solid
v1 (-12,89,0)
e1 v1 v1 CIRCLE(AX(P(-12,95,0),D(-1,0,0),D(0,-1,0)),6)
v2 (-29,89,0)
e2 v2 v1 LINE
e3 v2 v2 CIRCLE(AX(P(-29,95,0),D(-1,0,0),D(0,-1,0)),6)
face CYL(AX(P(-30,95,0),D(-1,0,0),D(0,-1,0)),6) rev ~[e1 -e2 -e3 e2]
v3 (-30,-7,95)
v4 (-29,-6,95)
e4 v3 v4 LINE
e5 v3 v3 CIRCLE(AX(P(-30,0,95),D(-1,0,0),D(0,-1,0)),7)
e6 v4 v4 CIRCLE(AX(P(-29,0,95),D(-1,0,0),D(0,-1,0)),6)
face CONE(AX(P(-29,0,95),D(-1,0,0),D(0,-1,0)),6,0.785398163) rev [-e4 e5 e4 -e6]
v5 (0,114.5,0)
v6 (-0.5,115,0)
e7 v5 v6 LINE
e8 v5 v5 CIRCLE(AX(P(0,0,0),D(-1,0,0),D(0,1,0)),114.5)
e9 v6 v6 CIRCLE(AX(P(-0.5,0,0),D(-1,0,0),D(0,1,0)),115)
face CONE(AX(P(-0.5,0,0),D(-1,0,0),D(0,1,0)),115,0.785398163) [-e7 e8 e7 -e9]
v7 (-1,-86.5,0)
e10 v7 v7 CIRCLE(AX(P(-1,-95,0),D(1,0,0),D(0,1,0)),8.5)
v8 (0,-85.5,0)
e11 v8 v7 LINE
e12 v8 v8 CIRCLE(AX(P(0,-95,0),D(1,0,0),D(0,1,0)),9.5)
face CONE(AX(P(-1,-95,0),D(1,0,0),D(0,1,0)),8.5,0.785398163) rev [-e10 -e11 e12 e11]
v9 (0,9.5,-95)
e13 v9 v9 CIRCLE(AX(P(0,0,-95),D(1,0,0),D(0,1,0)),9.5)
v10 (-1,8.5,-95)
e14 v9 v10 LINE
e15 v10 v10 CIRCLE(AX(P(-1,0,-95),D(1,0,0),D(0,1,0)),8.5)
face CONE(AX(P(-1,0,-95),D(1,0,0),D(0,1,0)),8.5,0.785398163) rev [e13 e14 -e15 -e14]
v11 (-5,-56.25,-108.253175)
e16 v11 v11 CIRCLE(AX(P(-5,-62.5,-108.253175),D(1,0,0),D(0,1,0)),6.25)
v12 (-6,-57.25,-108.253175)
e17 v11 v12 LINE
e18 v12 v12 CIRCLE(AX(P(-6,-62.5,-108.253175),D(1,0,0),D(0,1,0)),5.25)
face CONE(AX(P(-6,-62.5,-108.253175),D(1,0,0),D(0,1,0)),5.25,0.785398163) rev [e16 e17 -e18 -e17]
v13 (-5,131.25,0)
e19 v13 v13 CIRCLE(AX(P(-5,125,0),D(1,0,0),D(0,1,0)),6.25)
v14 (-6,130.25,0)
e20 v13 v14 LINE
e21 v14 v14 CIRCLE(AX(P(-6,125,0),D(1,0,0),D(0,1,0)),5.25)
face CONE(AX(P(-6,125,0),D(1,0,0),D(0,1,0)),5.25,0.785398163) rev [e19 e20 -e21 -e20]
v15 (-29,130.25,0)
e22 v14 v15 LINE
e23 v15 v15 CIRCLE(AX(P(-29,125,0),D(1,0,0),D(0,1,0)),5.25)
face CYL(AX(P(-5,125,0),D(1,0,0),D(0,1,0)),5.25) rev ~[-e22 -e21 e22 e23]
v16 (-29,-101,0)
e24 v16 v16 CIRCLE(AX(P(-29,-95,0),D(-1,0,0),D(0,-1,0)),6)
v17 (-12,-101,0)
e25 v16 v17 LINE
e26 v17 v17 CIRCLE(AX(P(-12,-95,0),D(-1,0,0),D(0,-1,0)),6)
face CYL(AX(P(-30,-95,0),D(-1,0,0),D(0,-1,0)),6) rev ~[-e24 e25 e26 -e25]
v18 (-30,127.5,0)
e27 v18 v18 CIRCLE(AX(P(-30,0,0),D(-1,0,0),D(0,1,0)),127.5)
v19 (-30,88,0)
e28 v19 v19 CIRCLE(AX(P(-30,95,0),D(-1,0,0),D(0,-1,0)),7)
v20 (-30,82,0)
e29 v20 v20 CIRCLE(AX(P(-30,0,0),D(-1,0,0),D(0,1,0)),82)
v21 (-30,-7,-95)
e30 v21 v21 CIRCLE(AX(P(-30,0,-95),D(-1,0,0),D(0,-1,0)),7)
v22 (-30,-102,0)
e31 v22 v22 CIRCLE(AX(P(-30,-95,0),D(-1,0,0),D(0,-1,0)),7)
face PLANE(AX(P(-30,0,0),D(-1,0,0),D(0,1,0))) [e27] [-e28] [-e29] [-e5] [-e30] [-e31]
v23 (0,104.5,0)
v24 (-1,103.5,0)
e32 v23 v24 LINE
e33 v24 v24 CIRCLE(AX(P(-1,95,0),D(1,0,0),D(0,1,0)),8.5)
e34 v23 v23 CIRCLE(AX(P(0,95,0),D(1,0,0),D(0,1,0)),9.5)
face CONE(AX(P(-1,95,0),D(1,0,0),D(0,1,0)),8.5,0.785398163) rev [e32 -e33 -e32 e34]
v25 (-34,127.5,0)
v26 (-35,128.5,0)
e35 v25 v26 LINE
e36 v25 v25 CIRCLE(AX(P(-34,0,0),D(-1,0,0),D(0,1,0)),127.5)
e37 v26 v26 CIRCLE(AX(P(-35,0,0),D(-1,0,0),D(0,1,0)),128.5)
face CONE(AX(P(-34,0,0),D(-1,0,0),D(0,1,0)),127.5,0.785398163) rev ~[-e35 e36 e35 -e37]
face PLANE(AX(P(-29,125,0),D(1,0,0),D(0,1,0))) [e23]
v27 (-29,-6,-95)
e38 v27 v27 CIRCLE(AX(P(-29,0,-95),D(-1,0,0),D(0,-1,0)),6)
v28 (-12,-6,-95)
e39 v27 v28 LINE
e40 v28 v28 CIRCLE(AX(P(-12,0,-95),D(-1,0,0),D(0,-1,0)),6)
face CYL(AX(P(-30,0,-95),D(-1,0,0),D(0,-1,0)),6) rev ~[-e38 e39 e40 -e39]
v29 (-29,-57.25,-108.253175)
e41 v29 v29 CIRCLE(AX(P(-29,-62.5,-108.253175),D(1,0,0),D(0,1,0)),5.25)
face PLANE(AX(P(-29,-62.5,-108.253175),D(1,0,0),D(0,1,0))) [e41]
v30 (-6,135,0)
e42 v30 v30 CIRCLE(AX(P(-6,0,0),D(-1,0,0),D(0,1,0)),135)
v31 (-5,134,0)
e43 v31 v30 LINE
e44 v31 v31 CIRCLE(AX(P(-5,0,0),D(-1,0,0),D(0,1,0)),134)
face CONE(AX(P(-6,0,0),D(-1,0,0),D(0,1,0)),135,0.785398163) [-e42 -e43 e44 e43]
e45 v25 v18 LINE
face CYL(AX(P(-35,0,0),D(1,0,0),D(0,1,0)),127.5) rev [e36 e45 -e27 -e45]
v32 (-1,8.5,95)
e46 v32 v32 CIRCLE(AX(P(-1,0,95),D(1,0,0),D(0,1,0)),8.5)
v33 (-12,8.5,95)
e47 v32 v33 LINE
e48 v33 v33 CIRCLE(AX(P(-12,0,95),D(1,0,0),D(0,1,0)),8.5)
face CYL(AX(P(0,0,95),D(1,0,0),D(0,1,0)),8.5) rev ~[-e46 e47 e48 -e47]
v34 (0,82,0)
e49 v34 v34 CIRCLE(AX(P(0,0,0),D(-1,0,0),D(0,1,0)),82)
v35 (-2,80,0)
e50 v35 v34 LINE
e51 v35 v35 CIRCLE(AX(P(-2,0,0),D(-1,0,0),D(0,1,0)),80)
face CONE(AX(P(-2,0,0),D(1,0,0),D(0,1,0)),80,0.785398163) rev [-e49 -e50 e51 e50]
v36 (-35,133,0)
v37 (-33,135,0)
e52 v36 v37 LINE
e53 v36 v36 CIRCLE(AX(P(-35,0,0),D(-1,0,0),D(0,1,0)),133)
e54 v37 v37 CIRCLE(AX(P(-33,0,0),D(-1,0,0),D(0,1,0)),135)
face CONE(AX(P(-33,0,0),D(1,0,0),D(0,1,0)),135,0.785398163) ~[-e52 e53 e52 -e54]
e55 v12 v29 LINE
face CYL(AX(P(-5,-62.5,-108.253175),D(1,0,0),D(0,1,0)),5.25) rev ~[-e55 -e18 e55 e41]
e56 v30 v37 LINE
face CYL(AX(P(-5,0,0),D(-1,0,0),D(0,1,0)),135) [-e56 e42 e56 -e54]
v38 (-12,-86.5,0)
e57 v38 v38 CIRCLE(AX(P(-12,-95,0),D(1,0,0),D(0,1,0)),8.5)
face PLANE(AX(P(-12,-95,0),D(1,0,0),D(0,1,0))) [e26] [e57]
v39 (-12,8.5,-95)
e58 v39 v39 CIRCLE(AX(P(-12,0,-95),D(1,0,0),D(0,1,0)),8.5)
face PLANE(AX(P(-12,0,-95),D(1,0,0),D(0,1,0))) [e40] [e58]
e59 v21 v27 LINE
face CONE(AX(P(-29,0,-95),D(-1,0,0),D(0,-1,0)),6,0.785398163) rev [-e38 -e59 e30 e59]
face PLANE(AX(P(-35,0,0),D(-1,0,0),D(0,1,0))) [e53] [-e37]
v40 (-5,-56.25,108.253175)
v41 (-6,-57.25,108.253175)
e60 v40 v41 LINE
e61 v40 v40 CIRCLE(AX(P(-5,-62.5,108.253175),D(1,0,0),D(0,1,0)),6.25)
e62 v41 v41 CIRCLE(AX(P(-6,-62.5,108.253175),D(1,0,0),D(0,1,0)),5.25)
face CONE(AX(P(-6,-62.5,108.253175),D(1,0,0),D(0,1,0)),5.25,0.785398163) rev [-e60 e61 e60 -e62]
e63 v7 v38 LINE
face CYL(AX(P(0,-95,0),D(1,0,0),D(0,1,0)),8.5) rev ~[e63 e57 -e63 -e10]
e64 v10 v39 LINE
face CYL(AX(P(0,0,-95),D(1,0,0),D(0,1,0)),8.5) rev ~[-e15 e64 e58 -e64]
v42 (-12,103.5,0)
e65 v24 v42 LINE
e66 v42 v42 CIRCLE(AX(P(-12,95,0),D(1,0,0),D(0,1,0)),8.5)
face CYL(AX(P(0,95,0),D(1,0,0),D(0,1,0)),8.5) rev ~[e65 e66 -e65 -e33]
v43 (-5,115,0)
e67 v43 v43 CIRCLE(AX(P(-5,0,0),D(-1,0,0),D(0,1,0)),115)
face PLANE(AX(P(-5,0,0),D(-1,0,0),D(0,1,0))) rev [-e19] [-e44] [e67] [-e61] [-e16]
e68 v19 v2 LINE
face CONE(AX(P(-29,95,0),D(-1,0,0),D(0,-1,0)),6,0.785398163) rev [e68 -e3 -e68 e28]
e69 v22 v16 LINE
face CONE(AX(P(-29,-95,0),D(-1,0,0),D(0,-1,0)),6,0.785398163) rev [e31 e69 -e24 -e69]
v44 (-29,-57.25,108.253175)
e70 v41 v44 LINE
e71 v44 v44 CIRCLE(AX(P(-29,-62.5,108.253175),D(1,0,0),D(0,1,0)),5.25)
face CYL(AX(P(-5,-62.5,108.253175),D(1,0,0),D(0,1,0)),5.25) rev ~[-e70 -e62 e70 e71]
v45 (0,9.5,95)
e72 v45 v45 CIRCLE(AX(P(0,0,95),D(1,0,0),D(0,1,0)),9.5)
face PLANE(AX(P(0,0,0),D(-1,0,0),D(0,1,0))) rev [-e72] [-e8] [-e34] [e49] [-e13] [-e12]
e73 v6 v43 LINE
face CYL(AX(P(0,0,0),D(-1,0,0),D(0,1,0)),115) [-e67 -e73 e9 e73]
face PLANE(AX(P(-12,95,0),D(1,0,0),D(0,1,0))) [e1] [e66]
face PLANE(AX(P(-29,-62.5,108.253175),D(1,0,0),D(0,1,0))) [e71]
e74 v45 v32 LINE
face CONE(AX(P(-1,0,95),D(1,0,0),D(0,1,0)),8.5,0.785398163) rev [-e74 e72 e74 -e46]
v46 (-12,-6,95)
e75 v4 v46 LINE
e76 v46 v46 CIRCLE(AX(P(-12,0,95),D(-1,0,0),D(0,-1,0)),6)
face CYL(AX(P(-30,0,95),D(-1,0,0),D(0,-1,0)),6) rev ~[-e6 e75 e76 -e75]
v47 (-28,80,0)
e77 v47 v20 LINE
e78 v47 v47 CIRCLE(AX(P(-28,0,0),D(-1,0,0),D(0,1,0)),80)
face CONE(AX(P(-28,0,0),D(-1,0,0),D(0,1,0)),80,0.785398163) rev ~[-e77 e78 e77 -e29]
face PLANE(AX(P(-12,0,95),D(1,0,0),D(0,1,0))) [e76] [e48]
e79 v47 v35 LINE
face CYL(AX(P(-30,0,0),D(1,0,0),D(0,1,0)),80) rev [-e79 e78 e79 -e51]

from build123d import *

# Parameters (mm, degrees)
F2_R     = 6
F3_DEPTH = 30.001
F4_R     = 8.5
F5_DEPTH = 12
F6_R     = 5.25
F7_DEPTH = 24
F8_SIZE  = 2
F9_SIZE  = 1
F10_SIZE = 0.5


with BuildPart() as f1:
    # F0 (on Top) → F1 (revolve)
    with BuildSketch(Plane.XY):
        Polygon((-30, 80), (0, 80), (0, 115), (-5, 115), (-5, 135), (-35, 135), (-35, 127.5), (-30, 127.5), align=None)
    revolve(axis=Axis((-42.337157, 0, 0), (-1, 0, 0)))

    # F2 (on face) → F3 (cut, through all)
    with BuildSketch(Plane(origin=(-30, 0, 0), x_dir=(0, -1, 0), z_dir=(-1, 0, 0))):
        with Locations((-95, 0)):
            Circle(F2_R)
        with Locations((0, -95)):
            Circle(F2_R)
        with Locations((95, 0)):
            Circle(F2_R)
        with Locations((0, 95)):
            Circle(F2_R)
    extrude(amount=-F3_DEPTH, mode=Mode.SUBTRACT)

    # F4 (on face) → F5 (cut)
    with BuildSketch(Plane.YZ):
        with Locations((0, -95)):
            Circle(F4_R)
        with Locations((95, 0)):
            Circle(F4_R)
        with Locations((0, 95)):
            Circle(F4_R)
        with Locations((-95, 0)):
            Circle(F4_R)
    extrude(amount=-F5_DEPTH, mode=Mode.SUBTRACT)

    # F6 (on face) → F7 (cut)
    with BuildSketch(Plane.YZ.offset(-5)):
        with Locations((125, 0)):
            Circle(F6_R)
        with Locations((-62.5, 108.253175)):
            Circle(F6_R)
        with Locations((-62.5, -108.253175)):
            Circle(F6_R)
    extrude(amount=-F7_DEPTH, mode=Mode.SUBTRACT)

    # F8
    f8_edges = [f1.edges().sort_by_distance(p)[0] for p in [
        (-30, -80, 0),
        (-35, -135, 0),
        (0, -80, 0),
    ]]
    chamfer(f8_edges, length=F8_SIZE)

    # F9
    f9_edges = [f1.edges().sort_by_distance(p)[0] for p in [
        (-35, -127.5, 0),
        (-30, 6, -95),
        (-30, 101, 0),
        (-30, 6, 95),
        (-30, -89, 0),
        (0, -8.5, 95),
        (0, 86.5, 0),
        (0, -8.5, -95),
        (0, -103.5, 0),
        (-5, 119.75, 0),
        (-5, -67.75, 108.253175),
        (-5, -67.75, -108.253175),
        (-5, -135, 0),
    ]]
    chamfer(f9_edges, length=F9_SIZE)

    # F10
    f10_edges = [f1.edges().sort_by_distance(p)[0] for p in [
        (0, -115, 0),
    ]]
    chamfer(f10_edges, length=F10_SIZE)


solid = f1.part
